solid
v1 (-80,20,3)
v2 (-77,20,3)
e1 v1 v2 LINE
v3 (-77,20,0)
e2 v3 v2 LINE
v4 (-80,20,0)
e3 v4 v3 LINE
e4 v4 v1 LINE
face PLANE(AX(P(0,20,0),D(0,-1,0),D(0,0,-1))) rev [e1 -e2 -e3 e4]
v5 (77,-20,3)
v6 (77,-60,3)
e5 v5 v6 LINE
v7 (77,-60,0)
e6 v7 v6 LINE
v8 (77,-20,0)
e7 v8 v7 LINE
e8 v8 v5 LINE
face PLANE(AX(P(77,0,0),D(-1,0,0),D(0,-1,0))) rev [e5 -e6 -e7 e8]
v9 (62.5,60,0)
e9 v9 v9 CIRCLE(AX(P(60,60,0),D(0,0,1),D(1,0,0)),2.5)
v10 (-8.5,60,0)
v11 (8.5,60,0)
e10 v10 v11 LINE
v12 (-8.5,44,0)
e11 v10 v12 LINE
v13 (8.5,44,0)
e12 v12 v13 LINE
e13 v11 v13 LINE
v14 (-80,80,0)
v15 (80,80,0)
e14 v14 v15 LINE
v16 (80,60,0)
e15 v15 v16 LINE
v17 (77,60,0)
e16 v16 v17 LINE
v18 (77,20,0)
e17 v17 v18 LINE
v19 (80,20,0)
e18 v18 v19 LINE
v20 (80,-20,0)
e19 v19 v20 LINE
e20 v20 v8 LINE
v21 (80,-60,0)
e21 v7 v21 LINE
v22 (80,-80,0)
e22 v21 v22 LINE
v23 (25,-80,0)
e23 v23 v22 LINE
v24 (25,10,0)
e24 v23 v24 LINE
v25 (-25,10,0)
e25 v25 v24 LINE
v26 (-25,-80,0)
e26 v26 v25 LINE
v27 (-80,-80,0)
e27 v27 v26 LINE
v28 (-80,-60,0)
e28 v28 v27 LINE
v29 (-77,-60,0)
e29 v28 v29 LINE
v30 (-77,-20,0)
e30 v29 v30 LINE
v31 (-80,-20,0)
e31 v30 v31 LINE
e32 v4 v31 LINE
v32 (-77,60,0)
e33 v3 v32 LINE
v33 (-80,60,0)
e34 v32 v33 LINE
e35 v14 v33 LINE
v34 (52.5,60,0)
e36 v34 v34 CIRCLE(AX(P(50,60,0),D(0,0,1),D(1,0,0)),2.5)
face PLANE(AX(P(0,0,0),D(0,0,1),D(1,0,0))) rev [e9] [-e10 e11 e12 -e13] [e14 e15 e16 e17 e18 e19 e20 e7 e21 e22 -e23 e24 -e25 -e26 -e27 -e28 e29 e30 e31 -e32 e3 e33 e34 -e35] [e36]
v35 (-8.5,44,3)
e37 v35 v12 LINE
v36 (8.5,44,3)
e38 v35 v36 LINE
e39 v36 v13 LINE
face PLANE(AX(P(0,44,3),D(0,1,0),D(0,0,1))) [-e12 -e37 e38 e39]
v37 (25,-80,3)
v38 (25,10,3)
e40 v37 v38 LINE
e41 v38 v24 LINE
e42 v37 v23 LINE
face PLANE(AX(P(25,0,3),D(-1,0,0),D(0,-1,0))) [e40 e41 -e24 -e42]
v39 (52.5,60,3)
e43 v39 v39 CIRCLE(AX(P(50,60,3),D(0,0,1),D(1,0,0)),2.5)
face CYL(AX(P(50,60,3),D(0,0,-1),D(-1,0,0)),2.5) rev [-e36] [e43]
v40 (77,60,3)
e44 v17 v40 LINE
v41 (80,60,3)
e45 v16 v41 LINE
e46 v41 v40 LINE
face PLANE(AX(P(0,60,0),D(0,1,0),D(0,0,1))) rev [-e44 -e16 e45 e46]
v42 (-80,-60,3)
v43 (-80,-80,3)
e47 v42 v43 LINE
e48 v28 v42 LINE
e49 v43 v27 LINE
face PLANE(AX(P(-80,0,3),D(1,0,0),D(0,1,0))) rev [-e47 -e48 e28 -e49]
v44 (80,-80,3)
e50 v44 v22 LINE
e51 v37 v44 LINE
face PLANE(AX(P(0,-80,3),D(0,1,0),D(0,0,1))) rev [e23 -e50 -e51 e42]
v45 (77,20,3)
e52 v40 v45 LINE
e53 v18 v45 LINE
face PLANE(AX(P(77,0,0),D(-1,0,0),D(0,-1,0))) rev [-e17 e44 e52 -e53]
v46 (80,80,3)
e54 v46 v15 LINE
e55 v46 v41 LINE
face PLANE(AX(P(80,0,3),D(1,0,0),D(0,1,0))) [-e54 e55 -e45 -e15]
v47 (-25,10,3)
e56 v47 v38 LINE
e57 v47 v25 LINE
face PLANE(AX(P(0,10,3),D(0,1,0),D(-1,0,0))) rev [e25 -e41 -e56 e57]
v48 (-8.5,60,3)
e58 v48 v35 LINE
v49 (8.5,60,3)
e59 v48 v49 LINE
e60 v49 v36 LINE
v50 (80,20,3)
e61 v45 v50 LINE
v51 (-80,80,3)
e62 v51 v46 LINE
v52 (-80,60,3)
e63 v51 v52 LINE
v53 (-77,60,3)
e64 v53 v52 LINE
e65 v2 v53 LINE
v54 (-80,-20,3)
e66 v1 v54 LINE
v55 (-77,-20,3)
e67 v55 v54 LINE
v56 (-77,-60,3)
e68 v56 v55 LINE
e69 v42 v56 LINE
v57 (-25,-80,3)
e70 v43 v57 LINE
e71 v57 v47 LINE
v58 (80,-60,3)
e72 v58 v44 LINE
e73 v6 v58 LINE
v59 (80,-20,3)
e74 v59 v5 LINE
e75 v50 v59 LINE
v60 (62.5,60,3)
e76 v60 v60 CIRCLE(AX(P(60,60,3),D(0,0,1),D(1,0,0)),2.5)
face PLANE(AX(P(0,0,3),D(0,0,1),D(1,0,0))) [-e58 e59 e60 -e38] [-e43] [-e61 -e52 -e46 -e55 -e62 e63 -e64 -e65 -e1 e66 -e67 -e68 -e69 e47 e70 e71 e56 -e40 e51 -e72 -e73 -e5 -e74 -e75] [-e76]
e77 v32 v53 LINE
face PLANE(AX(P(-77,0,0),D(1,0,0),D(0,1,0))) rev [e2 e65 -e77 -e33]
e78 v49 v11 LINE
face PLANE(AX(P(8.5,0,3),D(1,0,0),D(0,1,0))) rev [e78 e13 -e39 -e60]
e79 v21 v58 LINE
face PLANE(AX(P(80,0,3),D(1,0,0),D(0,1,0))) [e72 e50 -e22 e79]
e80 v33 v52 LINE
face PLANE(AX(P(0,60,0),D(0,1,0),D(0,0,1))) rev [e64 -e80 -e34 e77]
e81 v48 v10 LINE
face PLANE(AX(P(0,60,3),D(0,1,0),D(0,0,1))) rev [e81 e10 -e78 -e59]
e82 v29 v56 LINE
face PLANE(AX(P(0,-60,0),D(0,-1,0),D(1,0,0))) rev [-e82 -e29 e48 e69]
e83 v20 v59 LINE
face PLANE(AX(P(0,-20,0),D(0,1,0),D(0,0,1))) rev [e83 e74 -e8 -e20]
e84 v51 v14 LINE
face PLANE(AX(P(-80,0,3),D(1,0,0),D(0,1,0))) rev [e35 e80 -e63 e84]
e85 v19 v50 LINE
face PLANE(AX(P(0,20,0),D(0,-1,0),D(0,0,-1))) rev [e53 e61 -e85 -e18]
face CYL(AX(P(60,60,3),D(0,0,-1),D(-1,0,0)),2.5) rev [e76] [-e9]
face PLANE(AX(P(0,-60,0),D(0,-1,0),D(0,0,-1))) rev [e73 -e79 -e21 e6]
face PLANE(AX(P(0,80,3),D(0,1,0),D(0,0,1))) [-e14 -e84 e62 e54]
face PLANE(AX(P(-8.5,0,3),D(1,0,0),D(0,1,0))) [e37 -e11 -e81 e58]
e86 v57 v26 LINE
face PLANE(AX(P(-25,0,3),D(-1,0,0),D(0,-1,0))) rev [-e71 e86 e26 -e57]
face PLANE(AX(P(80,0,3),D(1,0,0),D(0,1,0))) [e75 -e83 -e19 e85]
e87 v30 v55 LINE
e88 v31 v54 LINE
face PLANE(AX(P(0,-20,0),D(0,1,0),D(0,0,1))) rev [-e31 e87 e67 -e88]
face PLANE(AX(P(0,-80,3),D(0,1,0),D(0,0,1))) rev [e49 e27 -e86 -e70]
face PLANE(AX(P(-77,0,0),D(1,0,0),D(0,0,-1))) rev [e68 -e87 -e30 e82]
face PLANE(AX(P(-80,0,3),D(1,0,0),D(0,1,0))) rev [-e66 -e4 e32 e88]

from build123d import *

# Parameters (mm, degrees)
SKETCH1_W           = 17
SKETCH1_H           = 16
SKETCH1_R           = 2.5
BOSS_EXTRUDE1_DEPTH = 3
SKETCH2_W           = 3
SKETCH2_H           = 40
CUT_EXTRUDE1_DEPTH  = 114.176852757


with BuildPart() as part:
    # Sketch1 → Boss-Extrude1 (new body)
    with BuildSketch(Plane.XY):
        Polygon((80, 80), (-80, 80), (-80, -80), (-25, -80), (-25, 10), (25, 10), (25, -80), (80, -80), align=None)
        with Locations((0, 52)):
            Rectangle(SKETCH1_W, SKETCH1_H, mode=Mode.SUBTRACT)
        with Locations((50, 60)):
            Circle(SKETCH1_R, mode=Mode.SUBTRACT)
        with Locations((60, 60)):
            Circle(SKETCH1_R, mode=Mode.SUBTRACT)
    extrude(amount=BOSS_EXTRUDE1_DEPTH)

    # Sketch2 → Cut-Extrude1 (cut, through all)
    with BuildSketch(Plane.XY.offset(3)):
        with Locations((-78.5, 40)):
            Rectangle(SKETCH2_W, SKETCH2_H)
        with Locations((-78.5, -40)):
            Rectangle(SKETCH2_W, SKETCH2_H)
        with Locations((78.5, -40)):
            Rectangle(SKETCH2_W, SKETCH2_H)
        with Locations((78.5, 40)):
            Rectangle(SKETCH2_W, SKETCH2_H)
    extrude(amount=-CUT_EXTRUDE1_DEPTH, mode=Mode.SUBTRACT)


solid = part.part
